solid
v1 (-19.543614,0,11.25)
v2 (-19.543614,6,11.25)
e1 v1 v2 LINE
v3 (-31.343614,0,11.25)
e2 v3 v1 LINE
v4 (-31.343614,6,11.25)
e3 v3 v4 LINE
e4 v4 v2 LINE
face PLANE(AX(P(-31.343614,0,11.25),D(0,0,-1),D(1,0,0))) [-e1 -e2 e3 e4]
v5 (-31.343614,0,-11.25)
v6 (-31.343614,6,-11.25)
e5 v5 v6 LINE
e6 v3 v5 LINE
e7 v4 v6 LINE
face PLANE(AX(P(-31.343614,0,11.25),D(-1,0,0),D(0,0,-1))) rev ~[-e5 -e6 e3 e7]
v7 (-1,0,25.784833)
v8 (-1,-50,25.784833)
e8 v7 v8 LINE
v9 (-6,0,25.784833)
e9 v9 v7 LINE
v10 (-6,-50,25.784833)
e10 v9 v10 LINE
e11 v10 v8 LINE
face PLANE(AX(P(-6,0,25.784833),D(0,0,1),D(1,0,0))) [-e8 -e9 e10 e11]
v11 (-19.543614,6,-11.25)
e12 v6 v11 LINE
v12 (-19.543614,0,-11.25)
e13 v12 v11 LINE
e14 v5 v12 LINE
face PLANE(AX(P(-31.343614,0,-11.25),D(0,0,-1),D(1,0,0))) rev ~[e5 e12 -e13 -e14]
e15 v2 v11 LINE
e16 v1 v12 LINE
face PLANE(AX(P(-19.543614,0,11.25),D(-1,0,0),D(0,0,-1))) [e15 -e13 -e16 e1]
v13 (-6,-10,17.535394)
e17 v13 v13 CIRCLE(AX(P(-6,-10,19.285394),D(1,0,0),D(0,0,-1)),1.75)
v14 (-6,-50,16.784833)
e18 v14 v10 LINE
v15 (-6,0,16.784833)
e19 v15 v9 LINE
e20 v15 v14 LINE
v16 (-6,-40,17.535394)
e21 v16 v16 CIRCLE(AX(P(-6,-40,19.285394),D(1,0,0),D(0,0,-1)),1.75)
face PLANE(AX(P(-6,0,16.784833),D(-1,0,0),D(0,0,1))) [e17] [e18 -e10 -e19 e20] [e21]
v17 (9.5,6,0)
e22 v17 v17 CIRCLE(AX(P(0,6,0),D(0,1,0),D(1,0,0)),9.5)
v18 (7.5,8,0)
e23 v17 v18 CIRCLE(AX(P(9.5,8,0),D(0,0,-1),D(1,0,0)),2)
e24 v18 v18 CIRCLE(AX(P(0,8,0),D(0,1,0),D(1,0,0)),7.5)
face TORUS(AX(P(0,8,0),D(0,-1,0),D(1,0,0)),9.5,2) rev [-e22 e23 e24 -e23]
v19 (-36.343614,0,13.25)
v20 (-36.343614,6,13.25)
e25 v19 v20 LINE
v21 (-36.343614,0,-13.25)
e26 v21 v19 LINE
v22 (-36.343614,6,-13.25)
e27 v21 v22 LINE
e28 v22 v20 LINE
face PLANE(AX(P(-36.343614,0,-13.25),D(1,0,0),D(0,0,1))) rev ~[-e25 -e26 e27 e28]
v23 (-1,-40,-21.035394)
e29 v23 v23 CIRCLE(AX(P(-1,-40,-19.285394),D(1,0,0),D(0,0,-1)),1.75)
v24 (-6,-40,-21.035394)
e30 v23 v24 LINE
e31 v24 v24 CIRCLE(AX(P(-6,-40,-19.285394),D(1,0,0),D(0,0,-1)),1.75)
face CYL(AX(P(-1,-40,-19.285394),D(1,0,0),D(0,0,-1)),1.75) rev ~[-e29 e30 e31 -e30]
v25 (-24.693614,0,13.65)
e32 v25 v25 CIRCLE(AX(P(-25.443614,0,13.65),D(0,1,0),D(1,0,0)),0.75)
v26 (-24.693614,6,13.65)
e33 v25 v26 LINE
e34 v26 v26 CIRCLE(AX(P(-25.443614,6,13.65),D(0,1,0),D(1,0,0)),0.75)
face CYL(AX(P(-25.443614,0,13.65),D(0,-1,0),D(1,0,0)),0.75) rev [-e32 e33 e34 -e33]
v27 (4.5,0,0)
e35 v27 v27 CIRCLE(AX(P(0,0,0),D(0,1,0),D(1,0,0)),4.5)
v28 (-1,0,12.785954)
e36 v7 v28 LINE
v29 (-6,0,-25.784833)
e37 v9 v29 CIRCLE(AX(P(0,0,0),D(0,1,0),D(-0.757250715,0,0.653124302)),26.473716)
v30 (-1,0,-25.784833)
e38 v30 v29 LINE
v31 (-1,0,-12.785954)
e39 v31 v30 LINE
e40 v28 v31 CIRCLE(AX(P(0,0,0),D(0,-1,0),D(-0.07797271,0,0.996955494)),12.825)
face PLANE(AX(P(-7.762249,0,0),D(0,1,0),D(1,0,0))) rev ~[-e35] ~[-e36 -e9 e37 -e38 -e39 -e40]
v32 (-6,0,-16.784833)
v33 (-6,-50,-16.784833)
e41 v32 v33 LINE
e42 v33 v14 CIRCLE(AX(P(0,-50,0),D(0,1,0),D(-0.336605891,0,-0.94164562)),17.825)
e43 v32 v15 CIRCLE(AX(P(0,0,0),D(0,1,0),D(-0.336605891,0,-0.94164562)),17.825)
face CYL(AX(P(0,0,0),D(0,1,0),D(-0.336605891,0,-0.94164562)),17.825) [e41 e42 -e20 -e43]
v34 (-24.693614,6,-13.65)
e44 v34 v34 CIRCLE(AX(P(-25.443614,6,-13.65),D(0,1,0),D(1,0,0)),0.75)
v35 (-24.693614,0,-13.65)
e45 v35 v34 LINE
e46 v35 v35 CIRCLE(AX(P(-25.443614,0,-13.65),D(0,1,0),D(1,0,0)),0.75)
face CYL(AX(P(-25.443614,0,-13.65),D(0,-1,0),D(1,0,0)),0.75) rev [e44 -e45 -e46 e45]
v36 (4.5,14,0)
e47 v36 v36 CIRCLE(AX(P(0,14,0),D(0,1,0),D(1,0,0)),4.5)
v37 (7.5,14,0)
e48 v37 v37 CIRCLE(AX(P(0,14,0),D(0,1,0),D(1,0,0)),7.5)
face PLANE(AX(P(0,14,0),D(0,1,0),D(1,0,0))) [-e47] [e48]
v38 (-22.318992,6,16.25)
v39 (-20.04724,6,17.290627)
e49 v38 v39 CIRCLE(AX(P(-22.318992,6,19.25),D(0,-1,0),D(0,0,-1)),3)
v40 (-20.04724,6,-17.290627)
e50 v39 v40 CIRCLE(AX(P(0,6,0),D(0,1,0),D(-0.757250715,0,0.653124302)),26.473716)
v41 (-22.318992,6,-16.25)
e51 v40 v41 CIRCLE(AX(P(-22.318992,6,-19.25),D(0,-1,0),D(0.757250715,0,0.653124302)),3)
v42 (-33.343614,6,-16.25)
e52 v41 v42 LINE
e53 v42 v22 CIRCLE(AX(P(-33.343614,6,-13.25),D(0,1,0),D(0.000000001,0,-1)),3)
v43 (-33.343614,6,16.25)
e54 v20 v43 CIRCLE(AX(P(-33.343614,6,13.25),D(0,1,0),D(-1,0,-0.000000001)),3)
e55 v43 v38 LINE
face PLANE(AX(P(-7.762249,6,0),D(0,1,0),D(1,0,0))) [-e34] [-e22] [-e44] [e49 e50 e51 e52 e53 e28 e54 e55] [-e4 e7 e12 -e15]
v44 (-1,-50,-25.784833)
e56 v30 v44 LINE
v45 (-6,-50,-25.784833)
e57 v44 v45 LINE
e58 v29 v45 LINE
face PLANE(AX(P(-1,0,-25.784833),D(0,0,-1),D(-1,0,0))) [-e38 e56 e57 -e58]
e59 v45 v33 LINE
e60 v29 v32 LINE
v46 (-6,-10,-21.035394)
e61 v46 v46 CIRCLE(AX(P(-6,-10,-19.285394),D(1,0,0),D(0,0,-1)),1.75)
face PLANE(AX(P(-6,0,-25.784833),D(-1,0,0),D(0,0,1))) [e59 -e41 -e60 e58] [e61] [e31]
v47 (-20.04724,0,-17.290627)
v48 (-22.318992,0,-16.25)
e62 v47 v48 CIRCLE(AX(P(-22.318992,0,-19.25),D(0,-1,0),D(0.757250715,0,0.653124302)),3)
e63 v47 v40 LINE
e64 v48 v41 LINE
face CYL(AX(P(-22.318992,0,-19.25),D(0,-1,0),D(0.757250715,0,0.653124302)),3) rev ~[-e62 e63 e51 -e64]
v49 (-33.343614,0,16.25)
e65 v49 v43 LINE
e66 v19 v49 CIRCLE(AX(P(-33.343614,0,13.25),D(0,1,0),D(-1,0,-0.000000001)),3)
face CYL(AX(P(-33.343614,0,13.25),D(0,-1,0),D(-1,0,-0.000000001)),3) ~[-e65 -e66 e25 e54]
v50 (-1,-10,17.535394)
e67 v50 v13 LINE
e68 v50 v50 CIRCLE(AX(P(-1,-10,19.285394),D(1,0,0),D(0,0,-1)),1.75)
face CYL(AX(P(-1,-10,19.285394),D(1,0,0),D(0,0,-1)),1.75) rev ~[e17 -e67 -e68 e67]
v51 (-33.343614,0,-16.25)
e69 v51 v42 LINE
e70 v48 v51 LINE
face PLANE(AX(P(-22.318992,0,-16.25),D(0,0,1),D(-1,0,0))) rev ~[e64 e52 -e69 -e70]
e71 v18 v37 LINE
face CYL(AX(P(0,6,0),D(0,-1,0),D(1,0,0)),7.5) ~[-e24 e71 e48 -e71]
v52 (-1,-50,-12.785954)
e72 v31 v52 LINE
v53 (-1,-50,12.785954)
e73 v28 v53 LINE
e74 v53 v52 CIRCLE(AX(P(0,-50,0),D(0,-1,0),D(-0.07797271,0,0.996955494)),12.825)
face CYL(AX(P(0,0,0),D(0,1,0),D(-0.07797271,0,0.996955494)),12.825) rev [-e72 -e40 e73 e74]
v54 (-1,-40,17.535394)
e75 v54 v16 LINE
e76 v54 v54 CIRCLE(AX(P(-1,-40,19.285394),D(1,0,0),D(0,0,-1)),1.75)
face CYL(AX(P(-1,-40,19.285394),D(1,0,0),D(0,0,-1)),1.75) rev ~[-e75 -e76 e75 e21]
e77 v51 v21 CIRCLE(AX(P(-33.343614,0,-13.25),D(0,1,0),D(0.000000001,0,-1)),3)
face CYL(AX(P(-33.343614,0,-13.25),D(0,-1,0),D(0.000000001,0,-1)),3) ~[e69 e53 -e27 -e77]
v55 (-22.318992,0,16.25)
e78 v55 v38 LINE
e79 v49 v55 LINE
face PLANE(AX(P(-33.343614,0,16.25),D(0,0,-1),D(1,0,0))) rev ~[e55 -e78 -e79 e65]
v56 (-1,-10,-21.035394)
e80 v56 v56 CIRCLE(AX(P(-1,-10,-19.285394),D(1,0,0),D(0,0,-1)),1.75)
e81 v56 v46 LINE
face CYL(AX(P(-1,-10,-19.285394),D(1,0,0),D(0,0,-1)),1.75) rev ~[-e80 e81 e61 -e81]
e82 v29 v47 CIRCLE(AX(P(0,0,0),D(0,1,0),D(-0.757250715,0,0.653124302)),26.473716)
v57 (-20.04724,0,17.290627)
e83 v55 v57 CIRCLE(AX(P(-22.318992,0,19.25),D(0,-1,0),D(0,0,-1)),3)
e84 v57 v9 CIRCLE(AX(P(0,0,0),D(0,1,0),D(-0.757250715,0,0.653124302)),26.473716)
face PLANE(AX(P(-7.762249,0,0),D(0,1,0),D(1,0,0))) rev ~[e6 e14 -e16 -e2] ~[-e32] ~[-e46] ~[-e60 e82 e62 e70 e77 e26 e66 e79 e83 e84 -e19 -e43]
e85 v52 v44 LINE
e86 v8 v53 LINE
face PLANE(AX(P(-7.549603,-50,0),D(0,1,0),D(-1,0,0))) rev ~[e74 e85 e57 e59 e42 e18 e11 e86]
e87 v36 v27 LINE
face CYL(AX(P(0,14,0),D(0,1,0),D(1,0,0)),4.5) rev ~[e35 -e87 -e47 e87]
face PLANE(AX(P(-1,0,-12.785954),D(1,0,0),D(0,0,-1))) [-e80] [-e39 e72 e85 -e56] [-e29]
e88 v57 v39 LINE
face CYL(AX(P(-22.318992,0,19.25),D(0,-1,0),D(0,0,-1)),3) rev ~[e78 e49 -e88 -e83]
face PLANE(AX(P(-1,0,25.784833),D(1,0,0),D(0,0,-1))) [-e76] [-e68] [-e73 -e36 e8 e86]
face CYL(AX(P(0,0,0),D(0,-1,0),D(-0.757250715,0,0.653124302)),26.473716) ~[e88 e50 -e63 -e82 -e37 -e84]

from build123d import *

# Parameters (mm, degrees)
BOSS_EXTRUDE4_DEPTH = 50
SKETCH7_R           = 1.75
CUT_EXTRUDE1_DEPTH  = 17.825
SKETCH8_R           = 0.75
SKETCH8_W           = 11.8
SKETCH8_H           = 22.5
BOSS_EXTRUDE5_DEPTH = 6
SKETCH9_R           = 7.5
BOSS_EXTRUDE6_DEPTH = 8
FILLET1_R           = 2
SKETCH10_R          = 4.5
CUT_EXTRUDE2_DEPTH  = 65


with BuildPart() as part:
    # Sketch6 → Boss-Extrude4 (new body)
    with BuildSketch(Plane.XZ):
        with BuildLine():
            Line((-1, 25.784833184), (-1, 12.785954208))
            ThreePointArc((-1, 12.785954208), (-12.825, 0), (-1, -12.785954208))
            Line((-1, -12.785954208), (-1, -25.784833184))
            Line((-1, -25.784833184), (-6, -25.784833184))
            Line((-6, -25.784833184), (-6, -16.784833184))
            ThreePointArc((-6, -16.784833184), (-17.825, 0), (-6, 16.784833184))
            Line((-6, 16.784833184), (-6, 25.784833184))
            Line((-6, 25.784833184), (-1, 25.784833184))
        make_face()
    extrude(amount=BOSS_EXTRUDE4_DEPTH)

    # Sketch7 → Cut-Extrude1 (cut, through all)
    with BuildSketch(Plane(origin=(-1, 0, 0), x_dir=(0, 0, -1), z_dir=(1, 0, 0))):
        with Locations((-19.285393696, -10)):
            Circle(SKETCH7_R)
        with Locations((-19.285393696, -40)):
            Circle(SKETCH7_R)
        with Locations((19.285393696, -40)):
            Circle(SKETCH7_R)
        with Locations((19.285393696, -10)):
            Circle(SKETCH7_R)
    extrude(amount=-CUT_EXTRUDE1_DEPTH, mode=Mode.SUBTRACT)

    # Sketch8 → Boss-Extrude5 (add)
    with BuildSketch(Plane(origin=(0, 0, 0), x_dir=(1, 0, 0), z_dir=(0, 1, 0))):
        with BuildLine():
            Line((-33.34361413, -16.25), (-22.318992281, -16.25))
            ThreePointArc((-22.318992281, -16.25), (-21.069616181, -16.522536094), (-20.047240136, -17.290627093))
            ThreePointArc((-20.047240136, -17.290627093), (26.473715688, 0), (-20.047240136, 17.290627093))
            ThreePointArc((-20.047240136, 17.290627093), (-21.069616181, 16.522536094), (-22.318992281, 16.25))
            Line((-22.318992281, 16.25), (-33.34361413, 16.25))
            ThreePointArc((-33.34361413, 16.25), (-35.464934474, 15.371320344), (-36.34361413, 13.25))
            Line((-36.34361413, 13.25), (-36.34361413, -13.25))
            ThreePointArc((-36.34361413, -13.25), (-35.464934474, -15.371320344), (-33.34361413, -16.25))
        make_face()
        with Locations((-25.44361413, 13.65)):
            Circle(SKETCH8_R, mode=Mode.SUBTRACT)
        with Locations((-25.44361413, -13.65)):
            Circle(SKETCH8_R, mode=Mode.SUBTRACT)
        with Locations((-25.44361413, 0)):
            Rectangle(SKETCH8_W, SKETCH8_H, mode=Mode.SUBTRACT)
    extrude(amount=BOSS_EXTRUDE5_DEPTH)

    # Sketch9 → Boss-Extrude6 (add)
    with BuildSketch(Plane(origin=(0, 6, 0), x_dir=(1, 0, 0), z_dir=(0, 1, 0))):
        Circle(SKETCH9_R)
    extrude(amount=BOSS_EXTRUDE6_DEPTH)

    # Fillet1
    fillet1_edges = [part.edges().sort_by_distance(p)[0] for p in [
        (-7.5, 6, 0),
    ]]
    fillet(fillet1_edges, radius=FILLET1_R)

    # Sketch10 → Cut-Extrude2 (cut, through all)
    with BuildSketch(Plane(origin=(0, 14, 0), x_dir=(1, 0, 0), z_dir=(0, 1, 0))):
        Circle(SKETCH10_R)
    extrude(amount=-CUT_EXTRUDE2_DEPTH, mode=Mode.SUBTRACT)


solid = part.part
